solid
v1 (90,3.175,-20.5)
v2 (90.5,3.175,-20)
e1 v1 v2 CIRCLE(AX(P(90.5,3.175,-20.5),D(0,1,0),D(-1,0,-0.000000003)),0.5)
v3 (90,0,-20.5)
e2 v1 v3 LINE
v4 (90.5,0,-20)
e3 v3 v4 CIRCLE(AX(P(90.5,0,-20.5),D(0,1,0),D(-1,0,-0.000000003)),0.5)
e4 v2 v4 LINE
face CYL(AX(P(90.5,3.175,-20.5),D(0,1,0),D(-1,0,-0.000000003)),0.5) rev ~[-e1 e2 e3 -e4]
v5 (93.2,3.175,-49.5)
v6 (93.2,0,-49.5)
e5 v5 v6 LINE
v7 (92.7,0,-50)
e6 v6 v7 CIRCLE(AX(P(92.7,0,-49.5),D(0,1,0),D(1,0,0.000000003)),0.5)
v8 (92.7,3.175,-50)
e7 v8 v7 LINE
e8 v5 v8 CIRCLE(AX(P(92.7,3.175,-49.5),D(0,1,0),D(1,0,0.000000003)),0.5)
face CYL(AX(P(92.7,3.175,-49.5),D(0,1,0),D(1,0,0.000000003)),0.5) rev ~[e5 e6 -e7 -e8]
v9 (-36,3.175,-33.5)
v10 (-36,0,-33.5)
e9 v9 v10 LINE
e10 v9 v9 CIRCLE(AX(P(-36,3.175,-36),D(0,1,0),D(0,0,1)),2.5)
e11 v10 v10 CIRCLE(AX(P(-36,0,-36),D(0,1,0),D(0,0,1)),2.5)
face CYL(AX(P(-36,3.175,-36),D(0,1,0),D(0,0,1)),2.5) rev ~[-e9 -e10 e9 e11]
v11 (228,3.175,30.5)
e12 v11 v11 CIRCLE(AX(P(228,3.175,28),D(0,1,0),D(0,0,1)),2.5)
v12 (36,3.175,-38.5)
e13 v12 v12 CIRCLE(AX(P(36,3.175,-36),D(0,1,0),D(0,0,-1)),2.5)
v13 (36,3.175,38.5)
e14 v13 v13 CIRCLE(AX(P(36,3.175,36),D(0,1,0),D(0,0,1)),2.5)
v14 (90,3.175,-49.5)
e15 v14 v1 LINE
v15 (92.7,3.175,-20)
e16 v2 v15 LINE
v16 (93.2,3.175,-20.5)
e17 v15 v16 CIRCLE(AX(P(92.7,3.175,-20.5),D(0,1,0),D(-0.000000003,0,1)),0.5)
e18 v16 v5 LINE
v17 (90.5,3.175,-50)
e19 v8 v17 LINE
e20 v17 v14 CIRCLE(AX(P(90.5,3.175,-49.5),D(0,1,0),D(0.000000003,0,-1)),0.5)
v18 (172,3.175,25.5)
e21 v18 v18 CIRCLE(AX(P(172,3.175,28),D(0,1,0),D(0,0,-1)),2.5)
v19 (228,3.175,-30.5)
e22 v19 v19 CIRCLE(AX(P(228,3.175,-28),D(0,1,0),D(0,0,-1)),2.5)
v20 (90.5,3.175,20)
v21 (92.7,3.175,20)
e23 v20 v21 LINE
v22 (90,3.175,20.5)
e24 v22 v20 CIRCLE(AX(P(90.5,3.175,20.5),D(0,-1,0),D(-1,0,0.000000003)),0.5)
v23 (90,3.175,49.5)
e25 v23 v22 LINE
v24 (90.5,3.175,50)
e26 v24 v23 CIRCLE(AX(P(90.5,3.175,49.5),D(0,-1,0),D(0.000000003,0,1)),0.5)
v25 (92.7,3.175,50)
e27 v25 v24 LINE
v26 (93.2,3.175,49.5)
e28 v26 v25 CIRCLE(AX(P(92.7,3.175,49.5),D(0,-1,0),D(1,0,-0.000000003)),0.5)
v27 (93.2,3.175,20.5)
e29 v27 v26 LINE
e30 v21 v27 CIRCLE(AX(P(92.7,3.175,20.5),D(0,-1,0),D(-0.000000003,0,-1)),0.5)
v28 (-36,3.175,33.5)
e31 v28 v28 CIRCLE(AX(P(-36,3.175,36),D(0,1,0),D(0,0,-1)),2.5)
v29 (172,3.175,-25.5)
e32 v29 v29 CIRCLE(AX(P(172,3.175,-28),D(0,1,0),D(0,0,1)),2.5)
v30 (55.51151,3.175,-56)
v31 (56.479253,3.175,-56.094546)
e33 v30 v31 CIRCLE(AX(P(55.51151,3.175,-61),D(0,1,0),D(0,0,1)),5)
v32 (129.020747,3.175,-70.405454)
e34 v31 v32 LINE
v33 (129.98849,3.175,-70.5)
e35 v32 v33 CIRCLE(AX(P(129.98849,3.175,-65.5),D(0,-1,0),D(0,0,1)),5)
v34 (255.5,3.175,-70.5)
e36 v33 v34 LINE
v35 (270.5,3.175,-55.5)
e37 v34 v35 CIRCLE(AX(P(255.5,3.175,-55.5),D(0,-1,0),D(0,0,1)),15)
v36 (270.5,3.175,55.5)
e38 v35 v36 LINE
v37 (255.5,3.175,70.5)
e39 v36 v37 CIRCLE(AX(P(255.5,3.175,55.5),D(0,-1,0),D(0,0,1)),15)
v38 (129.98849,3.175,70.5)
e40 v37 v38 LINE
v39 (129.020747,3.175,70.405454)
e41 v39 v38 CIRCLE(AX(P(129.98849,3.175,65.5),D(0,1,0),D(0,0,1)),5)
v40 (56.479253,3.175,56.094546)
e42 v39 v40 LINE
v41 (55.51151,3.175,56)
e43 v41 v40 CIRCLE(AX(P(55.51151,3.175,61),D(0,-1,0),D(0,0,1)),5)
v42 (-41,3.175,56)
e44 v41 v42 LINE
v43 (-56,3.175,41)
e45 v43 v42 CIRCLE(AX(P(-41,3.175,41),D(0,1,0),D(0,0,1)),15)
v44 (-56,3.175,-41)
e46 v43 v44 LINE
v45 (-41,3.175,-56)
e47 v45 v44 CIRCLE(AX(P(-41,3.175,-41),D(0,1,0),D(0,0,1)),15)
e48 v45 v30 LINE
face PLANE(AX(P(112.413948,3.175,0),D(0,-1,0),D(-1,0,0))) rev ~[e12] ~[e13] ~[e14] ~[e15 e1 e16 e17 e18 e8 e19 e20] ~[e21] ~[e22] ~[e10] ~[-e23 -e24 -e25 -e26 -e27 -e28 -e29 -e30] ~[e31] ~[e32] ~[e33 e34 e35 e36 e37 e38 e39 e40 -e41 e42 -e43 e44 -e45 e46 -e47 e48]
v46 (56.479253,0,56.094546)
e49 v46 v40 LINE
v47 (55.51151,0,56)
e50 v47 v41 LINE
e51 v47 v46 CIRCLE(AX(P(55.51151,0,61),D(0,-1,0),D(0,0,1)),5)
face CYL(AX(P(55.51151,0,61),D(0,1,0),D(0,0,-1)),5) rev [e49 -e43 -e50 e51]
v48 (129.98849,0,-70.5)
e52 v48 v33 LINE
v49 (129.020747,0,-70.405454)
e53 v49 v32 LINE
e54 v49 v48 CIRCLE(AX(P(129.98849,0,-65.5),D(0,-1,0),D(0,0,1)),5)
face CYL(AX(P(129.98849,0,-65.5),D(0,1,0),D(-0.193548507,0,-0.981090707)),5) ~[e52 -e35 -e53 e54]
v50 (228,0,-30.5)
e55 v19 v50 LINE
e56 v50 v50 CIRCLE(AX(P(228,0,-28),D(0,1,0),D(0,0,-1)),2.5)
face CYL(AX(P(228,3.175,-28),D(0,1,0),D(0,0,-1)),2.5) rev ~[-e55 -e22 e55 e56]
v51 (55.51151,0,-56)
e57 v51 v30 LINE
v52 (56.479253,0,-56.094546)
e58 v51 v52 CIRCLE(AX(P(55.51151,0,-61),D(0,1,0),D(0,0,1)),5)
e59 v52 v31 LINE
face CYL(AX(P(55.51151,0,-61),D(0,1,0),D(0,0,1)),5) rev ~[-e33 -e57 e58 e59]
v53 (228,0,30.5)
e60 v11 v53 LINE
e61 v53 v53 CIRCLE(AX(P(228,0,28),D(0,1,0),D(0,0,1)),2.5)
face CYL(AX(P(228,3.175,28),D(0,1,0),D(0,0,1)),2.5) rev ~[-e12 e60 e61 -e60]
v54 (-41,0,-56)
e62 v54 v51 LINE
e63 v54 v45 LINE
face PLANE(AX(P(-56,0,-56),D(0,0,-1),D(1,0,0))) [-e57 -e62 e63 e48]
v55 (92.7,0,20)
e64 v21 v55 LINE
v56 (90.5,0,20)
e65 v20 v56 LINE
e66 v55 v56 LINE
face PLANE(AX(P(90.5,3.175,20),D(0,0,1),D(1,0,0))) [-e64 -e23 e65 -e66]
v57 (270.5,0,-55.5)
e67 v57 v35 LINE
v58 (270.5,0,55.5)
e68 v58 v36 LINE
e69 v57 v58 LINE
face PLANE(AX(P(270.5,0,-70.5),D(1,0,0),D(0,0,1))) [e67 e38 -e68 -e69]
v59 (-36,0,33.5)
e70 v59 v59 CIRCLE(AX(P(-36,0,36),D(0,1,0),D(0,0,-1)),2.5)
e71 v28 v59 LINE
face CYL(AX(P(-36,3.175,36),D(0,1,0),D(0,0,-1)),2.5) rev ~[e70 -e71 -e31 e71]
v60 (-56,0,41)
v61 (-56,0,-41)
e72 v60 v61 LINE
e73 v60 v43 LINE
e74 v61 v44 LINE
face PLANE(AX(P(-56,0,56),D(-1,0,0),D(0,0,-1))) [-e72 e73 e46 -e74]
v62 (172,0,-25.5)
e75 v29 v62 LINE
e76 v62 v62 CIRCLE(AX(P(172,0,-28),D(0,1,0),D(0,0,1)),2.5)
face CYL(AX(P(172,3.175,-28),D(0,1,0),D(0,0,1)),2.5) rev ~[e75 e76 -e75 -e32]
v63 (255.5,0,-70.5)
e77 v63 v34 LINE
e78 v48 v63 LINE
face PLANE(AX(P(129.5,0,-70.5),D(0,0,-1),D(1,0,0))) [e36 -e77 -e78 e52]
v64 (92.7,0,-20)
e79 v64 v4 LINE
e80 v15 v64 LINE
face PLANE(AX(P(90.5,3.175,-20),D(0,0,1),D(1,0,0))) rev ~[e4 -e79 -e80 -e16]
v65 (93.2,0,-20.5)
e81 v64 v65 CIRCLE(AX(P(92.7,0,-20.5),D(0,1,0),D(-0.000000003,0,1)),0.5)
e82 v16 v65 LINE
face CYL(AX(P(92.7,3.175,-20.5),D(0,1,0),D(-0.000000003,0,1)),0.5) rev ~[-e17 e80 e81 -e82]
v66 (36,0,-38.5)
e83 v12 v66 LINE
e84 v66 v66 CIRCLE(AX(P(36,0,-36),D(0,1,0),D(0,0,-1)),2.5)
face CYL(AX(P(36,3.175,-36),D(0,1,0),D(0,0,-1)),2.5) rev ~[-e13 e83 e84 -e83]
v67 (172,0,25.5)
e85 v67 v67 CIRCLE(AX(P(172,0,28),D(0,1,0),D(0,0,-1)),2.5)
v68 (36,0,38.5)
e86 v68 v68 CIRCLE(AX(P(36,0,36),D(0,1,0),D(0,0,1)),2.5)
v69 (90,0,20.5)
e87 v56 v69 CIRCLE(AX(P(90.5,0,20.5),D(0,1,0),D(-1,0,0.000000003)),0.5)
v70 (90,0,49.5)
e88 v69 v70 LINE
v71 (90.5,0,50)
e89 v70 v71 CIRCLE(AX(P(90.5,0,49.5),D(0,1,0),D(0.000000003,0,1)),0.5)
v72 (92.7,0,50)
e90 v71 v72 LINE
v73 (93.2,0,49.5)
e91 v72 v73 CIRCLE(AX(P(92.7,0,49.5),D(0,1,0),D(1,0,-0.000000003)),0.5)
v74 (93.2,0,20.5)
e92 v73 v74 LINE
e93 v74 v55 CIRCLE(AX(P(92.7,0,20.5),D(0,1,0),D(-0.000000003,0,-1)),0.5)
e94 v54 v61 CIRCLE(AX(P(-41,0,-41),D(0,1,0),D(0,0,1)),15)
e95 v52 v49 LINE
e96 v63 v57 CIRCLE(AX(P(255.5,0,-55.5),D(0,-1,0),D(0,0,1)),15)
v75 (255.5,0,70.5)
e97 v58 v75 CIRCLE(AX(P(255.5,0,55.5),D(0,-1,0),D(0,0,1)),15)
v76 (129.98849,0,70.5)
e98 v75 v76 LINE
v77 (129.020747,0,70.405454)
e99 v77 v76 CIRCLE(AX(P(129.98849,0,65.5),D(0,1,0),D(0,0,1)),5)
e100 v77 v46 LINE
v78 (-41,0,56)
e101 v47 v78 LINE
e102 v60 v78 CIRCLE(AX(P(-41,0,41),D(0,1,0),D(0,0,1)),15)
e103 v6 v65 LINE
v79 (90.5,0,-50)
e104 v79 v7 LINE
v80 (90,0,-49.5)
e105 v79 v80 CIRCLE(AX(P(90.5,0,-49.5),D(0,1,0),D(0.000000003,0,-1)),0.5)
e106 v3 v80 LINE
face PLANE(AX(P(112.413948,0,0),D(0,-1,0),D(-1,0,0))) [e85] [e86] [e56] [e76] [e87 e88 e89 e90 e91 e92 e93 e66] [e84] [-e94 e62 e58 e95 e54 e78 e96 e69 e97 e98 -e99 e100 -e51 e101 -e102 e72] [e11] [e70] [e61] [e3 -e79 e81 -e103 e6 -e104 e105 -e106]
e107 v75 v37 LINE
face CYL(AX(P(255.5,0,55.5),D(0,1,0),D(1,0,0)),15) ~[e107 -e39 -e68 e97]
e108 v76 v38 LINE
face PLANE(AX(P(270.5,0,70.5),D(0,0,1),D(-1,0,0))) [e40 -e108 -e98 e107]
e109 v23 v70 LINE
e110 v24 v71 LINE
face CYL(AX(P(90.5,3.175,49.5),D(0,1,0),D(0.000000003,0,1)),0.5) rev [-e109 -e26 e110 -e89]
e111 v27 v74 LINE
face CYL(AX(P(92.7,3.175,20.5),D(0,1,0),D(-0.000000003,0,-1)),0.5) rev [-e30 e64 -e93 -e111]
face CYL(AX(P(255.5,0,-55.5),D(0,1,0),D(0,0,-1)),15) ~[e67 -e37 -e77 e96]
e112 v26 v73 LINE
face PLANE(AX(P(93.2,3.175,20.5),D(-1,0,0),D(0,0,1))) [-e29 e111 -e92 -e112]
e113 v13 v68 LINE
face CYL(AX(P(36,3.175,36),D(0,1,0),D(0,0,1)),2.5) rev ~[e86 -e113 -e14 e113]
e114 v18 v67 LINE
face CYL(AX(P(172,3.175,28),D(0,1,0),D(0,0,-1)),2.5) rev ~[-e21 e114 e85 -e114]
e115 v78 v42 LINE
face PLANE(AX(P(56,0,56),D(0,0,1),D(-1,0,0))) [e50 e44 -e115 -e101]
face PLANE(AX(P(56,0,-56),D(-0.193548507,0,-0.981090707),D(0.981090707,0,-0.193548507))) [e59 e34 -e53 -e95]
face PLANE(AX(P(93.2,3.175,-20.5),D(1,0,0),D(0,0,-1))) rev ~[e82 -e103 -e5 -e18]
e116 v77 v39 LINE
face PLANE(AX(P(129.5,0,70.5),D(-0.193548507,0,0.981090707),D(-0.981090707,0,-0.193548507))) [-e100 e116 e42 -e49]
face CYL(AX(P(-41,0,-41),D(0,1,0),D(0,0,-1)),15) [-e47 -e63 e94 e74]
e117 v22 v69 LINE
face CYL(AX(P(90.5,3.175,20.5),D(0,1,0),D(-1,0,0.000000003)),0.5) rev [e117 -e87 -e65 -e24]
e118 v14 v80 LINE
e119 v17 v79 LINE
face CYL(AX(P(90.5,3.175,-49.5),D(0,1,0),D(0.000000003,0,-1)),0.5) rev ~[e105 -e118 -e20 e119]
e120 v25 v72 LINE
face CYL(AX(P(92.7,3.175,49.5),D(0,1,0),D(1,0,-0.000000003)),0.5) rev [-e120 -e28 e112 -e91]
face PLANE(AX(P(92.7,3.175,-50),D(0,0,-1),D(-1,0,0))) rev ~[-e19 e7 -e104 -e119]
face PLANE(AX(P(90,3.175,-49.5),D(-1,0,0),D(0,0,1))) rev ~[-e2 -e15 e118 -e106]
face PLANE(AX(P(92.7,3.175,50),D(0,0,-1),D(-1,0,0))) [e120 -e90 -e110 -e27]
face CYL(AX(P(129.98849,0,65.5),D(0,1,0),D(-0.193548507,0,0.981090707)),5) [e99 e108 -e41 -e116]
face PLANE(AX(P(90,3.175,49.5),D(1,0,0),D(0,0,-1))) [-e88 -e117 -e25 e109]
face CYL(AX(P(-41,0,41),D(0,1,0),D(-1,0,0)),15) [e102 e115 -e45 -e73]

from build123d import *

# Parameters (mm, degrees)
BOSS_EXTRUDE1_DEPTH = 3.175
SKETCH5_R           = 2.5
CUT_EXTRUDE2_DEPTH  = 280.554253455
CUT_EXTRUDE3_DEPTH  = 280.554253455
FILLET1_R           = 15
FILLET2_R           = 5
SKETCH7_R           = 2.5
CUT_EXTRUDE4_DEPTH  = 280.554253455


with BuildPart() as part:
    # Sketch1 → Boss-Extrude1 (new body)
    with BuildSketch(Plane(origin=(0, 0, 0), x_dir=(1, 0, 0), z_dir=(0, 1, 0))):
        Polygon((56, 56), (129.5, 70.5), (270.5, 70.5), (270.5, -70.5), (129.5, -70.5), (56, -56), (-56, -56), (-56, 56), align=None)
    extrude(amount=BOSS_EXTRUDE1_DEPTH)

    # Sketch5 → Cut-Extrude2 (cut, through all)
    with BuildSketch(Plane(origin=(0, 3.175, 0), x_dir=(1, 0, 0), z_dir=(0, 1, 0))):
        with Locations(Location((172, 28, 0), (0, 0, 270))):
            Circle(SKETCH5_R)
        with Locations(Location((228, 28, 0), (0, 0, 90))):
            Circle(SKETCH5_R)
        with Locations(Location((228, -28, 0), (0, 0, 270))):
            Circle(SKETCH5_R)
        with Locations(Location((172, -28, 0), (0, 0, 90))):
            Circle(SKETCH5_R)
    extrude(amount=-CUT_EXTRUDE2_DEPTH, mode=Mode.SUBTRACT)

    # Sketch6 → Cut-Extrude3 (cut, through all)
    with BuildSketch(Plane(origin=(0, 3.175, 0), x_dir=(1, 0, 0), z_dir=(0, 1, 0))):
        with BuildLine():
            Line((93.2, 20.5), (93.2, 49.5))
            ThreePointArc((93.2, 49.5), (93.053553391, 49.853553391), (92.7, 50))
            Line((92.7, 50), (90.5, 50))
            ThreePointArc((90.5, 50), (90.146446609, 49.853553391), (90, 49.5))
            Line((90, 49.5), (90, 20.5))
            ThreePointArc((90, 20.5), (90.146446609, 20.146446609), (90.5, 20))
            Line((90.5, 20), (92.7, 20))
            ThreePointArc((92.7, 20), (93.053553391, 20.146446609), (93.2, 20.5))
        make_face()
        with BuildLine():
            Line((90.5, -20), (92.7, -20))
            ThreePointArc((92.7, -20), (93.053553391, -20.146446609), (93.2, -20.5))
            Line((93.2, -20.5), (93.2, -49.5))
            ThreePointArc((93.2, -49.5), (93.053553391, -49.853553391), (92.7, -50))
            Line((92.7, -50), (90.5, -50))
            ThreePointArc((90.5, -50), (90.146446609, -49.853553391), (90, -49.5))
            Line((90, -49.5), (90, -20.5))
            ThreePointArc((90, -20.5), (90.146446609, -20.146446609), (90.5, -20))
        make_face()
    extrude(amount=-CUT_EXTRUDE3_DEPTH, mode=Mode.SUBTRACT)

    # Fillet1
    fillet1_edges = [part.edges().sort_by_distance(p)[0] for p in [
        (270.5, 1.5875, 70.5),
        (-56, 1.5875, 56),
        (-56, 1.5875, -56),
        (270.5, 1.5875, -70.5),
    ]]
    fillet(fillet1_edges, radius=FILLET1_R)

    # Fillet2
    fillet2_edges = [part.edges().sort_by_distance(p)[0] for p in [
        (129.5, 1.5875, 70.5),
        (56, 1.5875, 56),
        (56, 1.5875, -56),
        (129.5, 1.5875, -70.5),
    ]]
    fillet(fillet2_edges, radius=FILLET2_R)

    # Sketch7 → Cut-Extrude4 (cut, through all)
    with BuildSketch(Plane(origin=(0, 3.175, 0), x_dir=(1, 0, 0), z_dir=(0, 1, 0))):
        with Locations(Location((-36, 36, 0), (0, 0, 270))):
            Circle(SKETCH7_R)
        with Locations(Location((36, 36, 0), (0, 0, 90))):
            Circle(SKETCH7_R)
        with Locations(Location((-36, -36, 0), (0, 0, 90))):
            Circle(SKETCH7_R)
        with Locations(Location((36, -36, 0), (0, 0, 270))):
            Circle(SKETCH7_R)
    extrude(amount=-CUT_EXTRUDE4_DEPTH, mode=Mode.SUBTRACT)


solid = part.part
